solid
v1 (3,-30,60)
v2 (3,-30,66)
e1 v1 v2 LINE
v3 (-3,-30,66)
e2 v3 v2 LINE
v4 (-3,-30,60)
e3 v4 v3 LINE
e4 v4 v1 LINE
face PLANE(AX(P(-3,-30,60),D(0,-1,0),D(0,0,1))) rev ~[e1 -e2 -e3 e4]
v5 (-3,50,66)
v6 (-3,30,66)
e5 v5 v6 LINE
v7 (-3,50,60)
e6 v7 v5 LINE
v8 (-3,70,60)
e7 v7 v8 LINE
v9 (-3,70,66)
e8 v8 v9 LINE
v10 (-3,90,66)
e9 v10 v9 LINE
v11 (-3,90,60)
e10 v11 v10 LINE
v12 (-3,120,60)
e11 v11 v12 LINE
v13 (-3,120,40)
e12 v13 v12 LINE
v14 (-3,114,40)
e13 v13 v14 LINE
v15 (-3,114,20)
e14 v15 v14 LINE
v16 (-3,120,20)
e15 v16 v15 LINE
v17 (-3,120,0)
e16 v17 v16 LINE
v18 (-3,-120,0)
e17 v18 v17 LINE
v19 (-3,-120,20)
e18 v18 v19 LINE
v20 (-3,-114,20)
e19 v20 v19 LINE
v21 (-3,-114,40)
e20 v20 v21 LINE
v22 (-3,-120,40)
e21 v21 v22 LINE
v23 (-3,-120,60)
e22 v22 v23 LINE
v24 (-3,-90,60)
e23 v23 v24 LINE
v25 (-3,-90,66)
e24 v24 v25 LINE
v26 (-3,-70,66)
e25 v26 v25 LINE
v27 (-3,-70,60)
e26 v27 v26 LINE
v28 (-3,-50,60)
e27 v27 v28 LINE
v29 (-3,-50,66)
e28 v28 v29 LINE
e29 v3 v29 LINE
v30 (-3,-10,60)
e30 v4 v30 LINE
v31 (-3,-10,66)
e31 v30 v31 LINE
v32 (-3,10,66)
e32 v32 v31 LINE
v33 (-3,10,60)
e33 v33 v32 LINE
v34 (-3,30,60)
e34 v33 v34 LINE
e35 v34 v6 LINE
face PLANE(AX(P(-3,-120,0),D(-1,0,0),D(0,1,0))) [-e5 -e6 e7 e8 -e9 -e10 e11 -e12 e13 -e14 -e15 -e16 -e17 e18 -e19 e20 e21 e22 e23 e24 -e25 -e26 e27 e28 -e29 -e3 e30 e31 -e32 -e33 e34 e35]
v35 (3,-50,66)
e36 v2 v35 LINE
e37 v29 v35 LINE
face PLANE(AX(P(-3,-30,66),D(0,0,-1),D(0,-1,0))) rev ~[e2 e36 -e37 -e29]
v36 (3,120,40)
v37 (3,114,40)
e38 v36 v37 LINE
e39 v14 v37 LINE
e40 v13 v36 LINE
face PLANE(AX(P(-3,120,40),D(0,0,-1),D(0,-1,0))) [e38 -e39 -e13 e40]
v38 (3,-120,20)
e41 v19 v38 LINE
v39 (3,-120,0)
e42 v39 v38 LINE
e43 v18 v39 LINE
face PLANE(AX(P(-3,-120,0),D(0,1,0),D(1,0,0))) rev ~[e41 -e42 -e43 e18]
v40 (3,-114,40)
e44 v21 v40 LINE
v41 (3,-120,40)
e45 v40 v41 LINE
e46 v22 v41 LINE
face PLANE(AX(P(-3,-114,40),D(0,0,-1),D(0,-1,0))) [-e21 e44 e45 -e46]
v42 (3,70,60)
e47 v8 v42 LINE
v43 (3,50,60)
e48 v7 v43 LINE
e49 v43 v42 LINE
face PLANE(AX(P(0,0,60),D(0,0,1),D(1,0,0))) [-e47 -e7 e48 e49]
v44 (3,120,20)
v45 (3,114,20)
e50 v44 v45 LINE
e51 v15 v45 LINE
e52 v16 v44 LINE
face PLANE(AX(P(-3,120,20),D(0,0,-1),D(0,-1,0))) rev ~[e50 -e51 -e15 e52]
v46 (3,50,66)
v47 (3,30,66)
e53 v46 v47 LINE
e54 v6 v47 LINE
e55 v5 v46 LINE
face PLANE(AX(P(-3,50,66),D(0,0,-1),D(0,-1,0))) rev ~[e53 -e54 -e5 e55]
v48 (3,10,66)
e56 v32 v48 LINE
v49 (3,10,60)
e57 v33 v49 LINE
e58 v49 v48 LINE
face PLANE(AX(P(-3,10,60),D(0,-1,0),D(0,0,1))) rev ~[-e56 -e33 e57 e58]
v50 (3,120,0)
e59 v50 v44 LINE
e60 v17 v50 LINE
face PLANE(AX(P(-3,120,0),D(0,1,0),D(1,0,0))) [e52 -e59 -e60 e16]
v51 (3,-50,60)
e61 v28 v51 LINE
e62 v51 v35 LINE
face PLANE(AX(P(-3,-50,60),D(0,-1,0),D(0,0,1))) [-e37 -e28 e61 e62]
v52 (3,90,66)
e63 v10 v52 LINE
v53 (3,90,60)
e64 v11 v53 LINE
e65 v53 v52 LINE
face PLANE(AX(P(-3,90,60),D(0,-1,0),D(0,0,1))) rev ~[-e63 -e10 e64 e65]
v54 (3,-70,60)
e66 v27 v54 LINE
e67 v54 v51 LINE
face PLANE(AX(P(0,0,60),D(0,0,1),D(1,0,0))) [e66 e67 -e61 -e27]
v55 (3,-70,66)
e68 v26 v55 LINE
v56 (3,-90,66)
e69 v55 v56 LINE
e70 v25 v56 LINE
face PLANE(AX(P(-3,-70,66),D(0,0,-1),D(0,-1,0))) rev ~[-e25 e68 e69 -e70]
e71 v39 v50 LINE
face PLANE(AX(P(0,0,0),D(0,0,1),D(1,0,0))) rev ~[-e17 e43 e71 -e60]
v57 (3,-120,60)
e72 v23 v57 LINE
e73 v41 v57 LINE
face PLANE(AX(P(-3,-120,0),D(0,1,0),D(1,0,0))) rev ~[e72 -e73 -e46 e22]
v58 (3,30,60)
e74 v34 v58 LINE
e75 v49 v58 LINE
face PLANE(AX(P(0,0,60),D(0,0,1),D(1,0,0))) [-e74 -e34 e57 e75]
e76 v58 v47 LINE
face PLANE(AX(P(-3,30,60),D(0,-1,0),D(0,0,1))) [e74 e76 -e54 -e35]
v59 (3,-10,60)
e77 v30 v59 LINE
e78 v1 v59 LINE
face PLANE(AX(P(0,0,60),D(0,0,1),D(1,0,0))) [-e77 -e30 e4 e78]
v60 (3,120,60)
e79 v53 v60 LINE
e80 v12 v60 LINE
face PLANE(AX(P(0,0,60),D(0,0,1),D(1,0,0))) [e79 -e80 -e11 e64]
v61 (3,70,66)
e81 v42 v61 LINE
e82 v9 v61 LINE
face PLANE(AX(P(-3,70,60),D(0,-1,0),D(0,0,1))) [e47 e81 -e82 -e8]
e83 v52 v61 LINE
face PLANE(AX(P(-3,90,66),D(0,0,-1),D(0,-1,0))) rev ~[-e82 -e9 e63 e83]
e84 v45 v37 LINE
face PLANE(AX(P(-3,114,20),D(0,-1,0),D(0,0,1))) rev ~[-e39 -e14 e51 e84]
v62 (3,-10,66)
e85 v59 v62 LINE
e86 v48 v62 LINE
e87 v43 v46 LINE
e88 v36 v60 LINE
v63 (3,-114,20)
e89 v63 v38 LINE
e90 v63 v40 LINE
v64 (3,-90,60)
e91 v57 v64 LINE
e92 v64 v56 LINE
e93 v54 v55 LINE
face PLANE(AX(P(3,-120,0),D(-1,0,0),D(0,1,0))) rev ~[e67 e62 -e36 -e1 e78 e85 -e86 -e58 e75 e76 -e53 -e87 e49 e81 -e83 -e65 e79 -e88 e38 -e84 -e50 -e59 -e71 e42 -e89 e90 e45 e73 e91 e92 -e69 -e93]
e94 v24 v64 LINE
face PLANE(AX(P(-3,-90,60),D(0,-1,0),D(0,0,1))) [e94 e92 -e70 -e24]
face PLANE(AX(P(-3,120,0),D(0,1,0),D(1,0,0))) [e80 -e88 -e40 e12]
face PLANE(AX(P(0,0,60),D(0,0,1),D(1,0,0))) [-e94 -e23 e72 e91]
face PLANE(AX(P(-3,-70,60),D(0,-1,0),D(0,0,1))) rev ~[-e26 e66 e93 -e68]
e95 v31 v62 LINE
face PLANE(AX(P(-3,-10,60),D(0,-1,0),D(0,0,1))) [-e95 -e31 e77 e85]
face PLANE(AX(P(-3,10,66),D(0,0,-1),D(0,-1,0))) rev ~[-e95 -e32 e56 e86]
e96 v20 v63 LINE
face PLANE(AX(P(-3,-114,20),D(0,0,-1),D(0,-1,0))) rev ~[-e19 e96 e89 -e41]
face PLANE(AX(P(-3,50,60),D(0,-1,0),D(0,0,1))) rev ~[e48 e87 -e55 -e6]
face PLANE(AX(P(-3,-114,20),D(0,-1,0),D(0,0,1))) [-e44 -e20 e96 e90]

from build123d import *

# Parameters (mm, degrees)
F0_W     = 6
F0_H     = 240
F1_DEPTH = 60
F2_W     = 6
F2_H     = 20
F3_DEPTH = 6.001
F2_W_2   = 20
F2_H_2   = 6
F4_DEPTH = 6


with BuildPart() as f1:
    # F0 (on Top) → F1 (new body)
    with BuildSketch(Plane.XY):
        Rectangle(F0_W, F0_H)
    extrude(amount=F1_DEPTH)

    # F2 (on face) → F3 (cut, through all)
    with BuildSketch(Plane(origin=(-3, 0, 0), x_dir=(0, -1, 0), z_dir=(-1, 0, 0))):
        with Locations((-117, 30)):
            Rectangle(F2_W, F2_H)
        with Locations((117, 30)):
            Rectangle(F2_W, F2_H)
    extrude(amount=-F3_DEPTH, mode=Mode.SUBTRACT)

    # F2 (on face) → F4 (join)
    with BuildSketch(Plane(origin=(-3, 0, 0), x_dir=(0, -1, 0), z_dir=(-1, 0, 0))):
        with Locations((80, 63)):
            Rectangle(F2_W_2, F2_H_2)
        with Locations((40, 63)):
            Rectangle(F2_W_2, F2_H_2)
        with Locations((0, 63)):
            Rectangle(F2_W_2, F2_H_2)
        with Locations((-40, 63)):
            Rectangle(F2_W_2, F2_H_2)
        with Locations((-80, 63)):
            Rectangle(F2_W_2, F2_H_2)
    extrude(amount=-F4_DEPTH)


solid = f1.part
